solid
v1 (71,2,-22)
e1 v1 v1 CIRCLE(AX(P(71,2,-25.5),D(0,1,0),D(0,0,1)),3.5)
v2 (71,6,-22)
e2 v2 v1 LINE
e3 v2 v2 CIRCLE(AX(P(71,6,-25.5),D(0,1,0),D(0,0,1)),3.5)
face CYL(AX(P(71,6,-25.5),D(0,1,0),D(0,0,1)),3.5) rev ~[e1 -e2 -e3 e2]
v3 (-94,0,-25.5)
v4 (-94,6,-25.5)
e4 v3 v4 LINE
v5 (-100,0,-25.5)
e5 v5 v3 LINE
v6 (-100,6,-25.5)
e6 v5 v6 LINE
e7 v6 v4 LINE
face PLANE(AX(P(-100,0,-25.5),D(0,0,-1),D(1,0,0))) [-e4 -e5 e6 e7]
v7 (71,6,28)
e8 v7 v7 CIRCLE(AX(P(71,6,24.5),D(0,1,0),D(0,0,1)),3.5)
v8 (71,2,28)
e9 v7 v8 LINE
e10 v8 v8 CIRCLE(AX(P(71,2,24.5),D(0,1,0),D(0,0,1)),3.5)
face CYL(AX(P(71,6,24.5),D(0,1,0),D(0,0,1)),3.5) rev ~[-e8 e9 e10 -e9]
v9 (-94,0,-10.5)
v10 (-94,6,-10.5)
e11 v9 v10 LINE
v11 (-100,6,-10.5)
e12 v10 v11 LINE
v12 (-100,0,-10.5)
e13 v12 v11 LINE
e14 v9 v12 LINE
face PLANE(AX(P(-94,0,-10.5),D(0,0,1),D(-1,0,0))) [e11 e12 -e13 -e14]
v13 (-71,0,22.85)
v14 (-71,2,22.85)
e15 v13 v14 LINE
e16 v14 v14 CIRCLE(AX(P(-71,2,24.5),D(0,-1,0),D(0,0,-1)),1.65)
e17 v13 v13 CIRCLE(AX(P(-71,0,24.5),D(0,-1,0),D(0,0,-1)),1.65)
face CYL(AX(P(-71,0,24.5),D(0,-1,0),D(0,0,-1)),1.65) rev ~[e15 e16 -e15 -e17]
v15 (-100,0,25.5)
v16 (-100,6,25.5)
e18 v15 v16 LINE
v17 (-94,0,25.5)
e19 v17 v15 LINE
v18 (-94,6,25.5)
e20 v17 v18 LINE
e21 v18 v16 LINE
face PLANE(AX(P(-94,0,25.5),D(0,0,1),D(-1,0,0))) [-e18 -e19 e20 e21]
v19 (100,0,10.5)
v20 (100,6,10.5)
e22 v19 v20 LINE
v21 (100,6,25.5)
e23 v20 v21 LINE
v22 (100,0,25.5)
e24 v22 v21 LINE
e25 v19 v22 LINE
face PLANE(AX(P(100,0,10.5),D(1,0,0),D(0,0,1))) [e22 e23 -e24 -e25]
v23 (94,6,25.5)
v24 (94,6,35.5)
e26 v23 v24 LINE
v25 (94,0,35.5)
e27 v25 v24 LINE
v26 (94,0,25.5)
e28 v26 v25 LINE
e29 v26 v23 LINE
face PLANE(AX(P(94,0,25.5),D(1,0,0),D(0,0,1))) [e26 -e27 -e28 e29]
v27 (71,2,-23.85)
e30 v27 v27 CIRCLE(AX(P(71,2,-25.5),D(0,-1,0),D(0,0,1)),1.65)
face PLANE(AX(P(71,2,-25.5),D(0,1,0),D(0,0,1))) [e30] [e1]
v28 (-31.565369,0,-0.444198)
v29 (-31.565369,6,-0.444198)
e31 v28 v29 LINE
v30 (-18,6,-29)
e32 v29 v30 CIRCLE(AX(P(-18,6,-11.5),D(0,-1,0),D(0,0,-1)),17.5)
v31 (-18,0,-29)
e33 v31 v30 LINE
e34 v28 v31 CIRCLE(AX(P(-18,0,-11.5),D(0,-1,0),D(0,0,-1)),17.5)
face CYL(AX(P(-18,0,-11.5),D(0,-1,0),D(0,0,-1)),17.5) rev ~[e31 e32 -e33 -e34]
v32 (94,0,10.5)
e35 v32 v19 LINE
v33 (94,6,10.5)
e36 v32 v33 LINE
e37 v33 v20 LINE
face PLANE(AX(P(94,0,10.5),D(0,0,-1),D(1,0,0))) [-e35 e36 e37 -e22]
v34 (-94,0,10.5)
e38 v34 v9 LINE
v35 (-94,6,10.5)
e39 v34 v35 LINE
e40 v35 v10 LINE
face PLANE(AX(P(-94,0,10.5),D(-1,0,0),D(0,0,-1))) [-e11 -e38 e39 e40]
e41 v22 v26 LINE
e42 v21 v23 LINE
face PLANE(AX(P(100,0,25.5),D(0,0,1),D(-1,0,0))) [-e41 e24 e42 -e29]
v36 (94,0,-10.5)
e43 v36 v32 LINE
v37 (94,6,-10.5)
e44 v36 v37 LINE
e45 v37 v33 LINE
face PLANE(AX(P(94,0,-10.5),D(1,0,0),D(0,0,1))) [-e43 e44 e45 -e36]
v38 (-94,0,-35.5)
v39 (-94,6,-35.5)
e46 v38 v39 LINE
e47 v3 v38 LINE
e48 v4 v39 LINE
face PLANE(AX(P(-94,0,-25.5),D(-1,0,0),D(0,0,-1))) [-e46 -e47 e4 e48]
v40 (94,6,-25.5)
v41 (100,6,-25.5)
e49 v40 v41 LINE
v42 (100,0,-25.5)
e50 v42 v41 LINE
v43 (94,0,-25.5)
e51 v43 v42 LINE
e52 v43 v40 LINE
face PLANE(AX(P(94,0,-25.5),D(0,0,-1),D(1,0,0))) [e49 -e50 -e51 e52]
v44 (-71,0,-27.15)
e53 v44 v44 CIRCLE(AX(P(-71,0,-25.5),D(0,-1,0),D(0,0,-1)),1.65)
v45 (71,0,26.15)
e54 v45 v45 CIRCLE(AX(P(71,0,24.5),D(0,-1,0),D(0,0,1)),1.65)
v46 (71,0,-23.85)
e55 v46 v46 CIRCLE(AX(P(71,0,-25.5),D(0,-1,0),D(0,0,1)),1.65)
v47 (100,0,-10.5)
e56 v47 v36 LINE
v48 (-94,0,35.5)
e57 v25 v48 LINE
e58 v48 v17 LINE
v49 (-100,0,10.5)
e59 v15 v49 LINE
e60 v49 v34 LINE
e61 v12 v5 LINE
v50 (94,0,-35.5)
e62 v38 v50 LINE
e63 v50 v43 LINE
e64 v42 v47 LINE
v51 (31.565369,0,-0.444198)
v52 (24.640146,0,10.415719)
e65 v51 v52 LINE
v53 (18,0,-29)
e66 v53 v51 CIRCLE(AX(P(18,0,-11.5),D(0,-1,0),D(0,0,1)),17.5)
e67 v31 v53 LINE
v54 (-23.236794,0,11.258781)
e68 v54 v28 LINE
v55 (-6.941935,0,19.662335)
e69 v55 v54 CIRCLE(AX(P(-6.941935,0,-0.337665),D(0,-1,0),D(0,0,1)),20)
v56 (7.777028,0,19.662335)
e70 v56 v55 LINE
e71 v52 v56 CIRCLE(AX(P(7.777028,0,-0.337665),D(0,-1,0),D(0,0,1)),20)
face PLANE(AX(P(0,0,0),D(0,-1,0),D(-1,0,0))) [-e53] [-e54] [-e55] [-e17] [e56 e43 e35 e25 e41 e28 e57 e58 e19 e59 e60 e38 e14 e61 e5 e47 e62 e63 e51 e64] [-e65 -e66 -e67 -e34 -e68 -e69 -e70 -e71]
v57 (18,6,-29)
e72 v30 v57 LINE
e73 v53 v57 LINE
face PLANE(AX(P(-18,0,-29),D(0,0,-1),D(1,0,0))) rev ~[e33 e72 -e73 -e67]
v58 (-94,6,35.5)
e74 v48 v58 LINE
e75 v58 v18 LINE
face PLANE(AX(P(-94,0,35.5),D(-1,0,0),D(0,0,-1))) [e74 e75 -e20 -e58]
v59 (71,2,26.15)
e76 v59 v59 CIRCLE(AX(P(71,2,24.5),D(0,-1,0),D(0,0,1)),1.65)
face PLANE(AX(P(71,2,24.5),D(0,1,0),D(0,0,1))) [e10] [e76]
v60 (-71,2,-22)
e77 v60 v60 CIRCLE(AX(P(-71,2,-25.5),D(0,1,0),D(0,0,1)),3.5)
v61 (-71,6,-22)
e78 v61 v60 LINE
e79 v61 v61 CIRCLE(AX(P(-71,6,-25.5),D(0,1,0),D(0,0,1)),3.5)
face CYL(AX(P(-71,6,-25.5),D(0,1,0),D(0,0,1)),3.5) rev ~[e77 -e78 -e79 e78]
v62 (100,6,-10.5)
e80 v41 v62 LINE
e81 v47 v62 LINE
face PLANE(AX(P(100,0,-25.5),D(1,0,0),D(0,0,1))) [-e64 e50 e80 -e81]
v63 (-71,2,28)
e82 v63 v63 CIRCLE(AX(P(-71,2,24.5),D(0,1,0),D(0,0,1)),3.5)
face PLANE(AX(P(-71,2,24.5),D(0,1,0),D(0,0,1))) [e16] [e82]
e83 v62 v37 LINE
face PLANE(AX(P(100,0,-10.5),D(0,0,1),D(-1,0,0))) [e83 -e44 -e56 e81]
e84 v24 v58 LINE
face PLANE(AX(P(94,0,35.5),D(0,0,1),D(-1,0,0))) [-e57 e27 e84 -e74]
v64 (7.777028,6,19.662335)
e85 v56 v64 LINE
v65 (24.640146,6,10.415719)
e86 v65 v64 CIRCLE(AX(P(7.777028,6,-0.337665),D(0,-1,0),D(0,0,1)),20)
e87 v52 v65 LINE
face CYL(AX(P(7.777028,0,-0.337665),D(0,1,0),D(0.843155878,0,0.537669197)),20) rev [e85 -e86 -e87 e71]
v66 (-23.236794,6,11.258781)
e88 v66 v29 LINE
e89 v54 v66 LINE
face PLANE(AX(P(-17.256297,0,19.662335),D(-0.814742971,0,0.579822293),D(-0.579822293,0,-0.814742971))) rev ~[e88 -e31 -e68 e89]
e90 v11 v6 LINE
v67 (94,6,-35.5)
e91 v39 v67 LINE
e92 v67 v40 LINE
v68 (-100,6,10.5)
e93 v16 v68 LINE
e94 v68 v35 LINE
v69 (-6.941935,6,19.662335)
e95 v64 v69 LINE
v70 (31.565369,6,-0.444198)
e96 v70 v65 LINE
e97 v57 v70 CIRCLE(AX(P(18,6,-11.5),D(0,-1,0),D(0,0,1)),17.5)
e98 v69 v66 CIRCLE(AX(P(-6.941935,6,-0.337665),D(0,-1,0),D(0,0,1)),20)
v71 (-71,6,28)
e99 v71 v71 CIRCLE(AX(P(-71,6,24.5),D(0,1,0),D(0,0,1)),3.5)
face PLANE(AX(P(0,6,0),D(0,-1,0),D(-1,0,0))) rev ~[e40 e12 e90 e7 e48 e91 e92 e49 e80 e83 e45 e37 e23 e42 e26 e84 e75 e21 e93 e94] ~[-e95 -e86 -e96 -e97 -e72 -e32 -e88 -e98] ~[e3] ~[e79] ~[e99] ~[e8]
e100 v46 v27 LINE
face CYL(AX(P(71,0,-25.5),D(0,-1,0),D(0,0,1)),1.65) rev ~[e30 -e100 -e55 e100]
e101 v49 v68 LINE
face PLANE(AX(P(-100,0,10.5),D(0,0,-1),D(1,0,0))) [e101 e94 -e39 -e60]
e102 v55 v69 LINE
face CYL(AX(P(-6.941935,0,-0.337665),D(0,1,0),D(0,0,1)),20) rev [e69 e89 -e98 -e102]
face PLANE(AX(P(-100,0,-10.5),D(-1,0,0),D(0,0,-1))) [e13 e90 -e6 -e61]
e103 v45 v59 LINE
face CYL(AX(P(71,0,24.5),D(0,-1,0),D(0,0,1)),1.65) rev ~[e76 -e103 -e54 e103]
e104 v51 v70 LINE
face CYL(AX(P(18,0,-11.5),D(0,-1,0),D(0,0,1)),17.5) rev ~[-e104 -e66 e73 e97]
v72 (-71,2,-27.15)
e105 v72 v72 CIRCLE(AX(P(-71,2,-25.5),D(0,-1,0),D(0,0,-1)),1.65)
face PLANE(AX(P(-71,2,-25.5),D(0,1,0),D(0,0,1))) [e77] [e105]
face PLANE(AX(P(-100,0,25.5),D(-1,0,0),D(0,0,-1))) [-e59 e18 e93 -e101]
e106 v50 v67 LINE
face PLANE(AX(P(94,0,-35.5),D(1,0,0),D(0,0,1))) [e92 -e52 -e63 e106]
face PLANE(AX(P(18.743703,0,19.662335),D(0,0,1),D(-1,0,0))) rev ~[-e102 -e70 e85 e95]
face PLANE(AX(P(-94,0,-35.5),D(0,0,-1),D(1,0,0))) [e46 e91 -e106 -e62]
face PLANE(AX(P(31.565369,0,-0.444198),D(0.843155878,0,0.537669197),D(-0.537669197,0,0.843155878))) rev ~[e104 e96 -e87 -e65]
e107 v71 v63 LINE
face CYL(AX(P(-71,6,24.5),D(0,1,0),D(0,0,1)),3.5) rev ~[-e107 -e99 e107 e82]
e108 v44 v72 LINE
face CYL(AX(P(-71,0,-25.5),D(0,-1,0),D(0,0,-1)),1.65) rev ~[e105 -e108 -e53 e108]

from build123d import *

# Parameters (mm, degrees)
BOSS_EXTRU_1_DEPTH      = 6
ESQUISSE2_R             = 17.5
ESQUISSE2_R_2           = 1.65
ENL_V_MAT_EXTRU_1_DEPTH = 107.283818147
ENL_V_MAT_EXTRU_3_DEPTH = 107.283818147
ESQUISSE6_R             = 3.5
ENL_V_MAT_EXTRU_4_DEPTH = 4
CONG_1_R                = 20


with BuildPart() as part:
    # Esquisse1 → Boss.-Extru.1 (new body)
    with BuildSketch(Plane(origin=(0, 0, 0), x_dir=(1, 0, 0), z_dir=(0, 1, 0))):
        Polygon((-94, -35.5), (-94, -25.5), (-100, -25.5), (-100, -10.5), (-94, -10.5), (-94, 10.5), (-100, 10.5), (-100, 25.5), (-94, 25.5), (-94, 35.5), (94, 35.5), (94, 25.5), (100, 25.5), (100, 10.5), (94, 10.5), (94, -10.5), (100, -10.5), (100, -25.5), (94, -25.5), (94, -35.5), align=None)
    extrude(amount=BOSS_EXTRU_1_DEPTH)

    # Esquisse2 → Enlèv. mat.-Extru.1 (cut, through all)
    with BuildSketch(Plane(origin=(0, 0, 0), x_dir=(-1, 0, 0), z_dir=(0, -1, 0))):
        with Locations(Location((18, 11.5, 0), (0, 0, 90))):
            Circle(ESQUISSE2_R)
        with Locations(Location((71, -24.5, 0), (0, 0, 90))):
            Circle(ESQUISSE2_R_2)
        with Locations(Location((71, 25.5, 0), (0, 0, 90))):
            Circle(ESQUISSE2_R_2)
        with Locations(Location((-71, 25.5, 0), (0, 0, 270))):
            Circle(ESQUISSE2_R_2)
        with Locations(Location((-71, -24.5, 0), (0, 0, 270))):
            Circle(ESQUISSE2_R_2)
        with Locations(Location((-18, 11.5, 0), (0, 0, 270))):
            Circle(ESQUISSE2_R)
    extrude(amount=-ENL_V_MAT_EXTRU_1_DEPTH, mode=Mode.SUBTRACT)

    # Esquisse5 → Enlèv. mat.-Extru.3 (cut, through all)
    with BuildSketch(Plane.XZ):
        Polygon((-31.565369037, -0.444197772), (-18, -29), (18, -29), (31.565369037, -0.444197772), (18.743702877, 19.662334717), (-17.256297123, 19.662334717), align=None)
    extrude(amount=-ENL_V_MAT_EXTRU_3_DEPTH, mode=Mode.SUBTRACT)

    # Esquisse6 → Enlèv. mat.-Extru.4 (cut)
    with BuildSketch(Plane(origin=(0, 6, 0), x_dir=(1, 0, 0), z_dir=(0, 1, 0))):
        with Locations(Location((71, -24.5, 0), (0, 0, 270))):
            Circle(ESQUISSE6_R)
        with Locations(Location((71, 25.5, 0), (0, 0, 270))):
            Circle(ESQUISSE6_R)
        with Locations(Location((-71, 25.5, 0), (0, 0, 270))):
            Circle(ESQUISSE6_R)
        with Locations(Location((-71, -24.5, 0), (0, 0, 270))):
            Circle(ESQUISSE6_R)
    extrude(amount=-ENL_V_MAT_EXTRU_4_DEPTH, mode=Mode.SUBTRACT)

    # Congé1
    cong_1_edges = [part.edges().sort_by_distance(p)[0] for p in [
        (-17.256297123, 3, 19.662334717),
        (18.743702877, 3, 19.662334717),
    ]]
    fillet(cong_1_edges, radius=CONG_1_R)


solid = part.part
